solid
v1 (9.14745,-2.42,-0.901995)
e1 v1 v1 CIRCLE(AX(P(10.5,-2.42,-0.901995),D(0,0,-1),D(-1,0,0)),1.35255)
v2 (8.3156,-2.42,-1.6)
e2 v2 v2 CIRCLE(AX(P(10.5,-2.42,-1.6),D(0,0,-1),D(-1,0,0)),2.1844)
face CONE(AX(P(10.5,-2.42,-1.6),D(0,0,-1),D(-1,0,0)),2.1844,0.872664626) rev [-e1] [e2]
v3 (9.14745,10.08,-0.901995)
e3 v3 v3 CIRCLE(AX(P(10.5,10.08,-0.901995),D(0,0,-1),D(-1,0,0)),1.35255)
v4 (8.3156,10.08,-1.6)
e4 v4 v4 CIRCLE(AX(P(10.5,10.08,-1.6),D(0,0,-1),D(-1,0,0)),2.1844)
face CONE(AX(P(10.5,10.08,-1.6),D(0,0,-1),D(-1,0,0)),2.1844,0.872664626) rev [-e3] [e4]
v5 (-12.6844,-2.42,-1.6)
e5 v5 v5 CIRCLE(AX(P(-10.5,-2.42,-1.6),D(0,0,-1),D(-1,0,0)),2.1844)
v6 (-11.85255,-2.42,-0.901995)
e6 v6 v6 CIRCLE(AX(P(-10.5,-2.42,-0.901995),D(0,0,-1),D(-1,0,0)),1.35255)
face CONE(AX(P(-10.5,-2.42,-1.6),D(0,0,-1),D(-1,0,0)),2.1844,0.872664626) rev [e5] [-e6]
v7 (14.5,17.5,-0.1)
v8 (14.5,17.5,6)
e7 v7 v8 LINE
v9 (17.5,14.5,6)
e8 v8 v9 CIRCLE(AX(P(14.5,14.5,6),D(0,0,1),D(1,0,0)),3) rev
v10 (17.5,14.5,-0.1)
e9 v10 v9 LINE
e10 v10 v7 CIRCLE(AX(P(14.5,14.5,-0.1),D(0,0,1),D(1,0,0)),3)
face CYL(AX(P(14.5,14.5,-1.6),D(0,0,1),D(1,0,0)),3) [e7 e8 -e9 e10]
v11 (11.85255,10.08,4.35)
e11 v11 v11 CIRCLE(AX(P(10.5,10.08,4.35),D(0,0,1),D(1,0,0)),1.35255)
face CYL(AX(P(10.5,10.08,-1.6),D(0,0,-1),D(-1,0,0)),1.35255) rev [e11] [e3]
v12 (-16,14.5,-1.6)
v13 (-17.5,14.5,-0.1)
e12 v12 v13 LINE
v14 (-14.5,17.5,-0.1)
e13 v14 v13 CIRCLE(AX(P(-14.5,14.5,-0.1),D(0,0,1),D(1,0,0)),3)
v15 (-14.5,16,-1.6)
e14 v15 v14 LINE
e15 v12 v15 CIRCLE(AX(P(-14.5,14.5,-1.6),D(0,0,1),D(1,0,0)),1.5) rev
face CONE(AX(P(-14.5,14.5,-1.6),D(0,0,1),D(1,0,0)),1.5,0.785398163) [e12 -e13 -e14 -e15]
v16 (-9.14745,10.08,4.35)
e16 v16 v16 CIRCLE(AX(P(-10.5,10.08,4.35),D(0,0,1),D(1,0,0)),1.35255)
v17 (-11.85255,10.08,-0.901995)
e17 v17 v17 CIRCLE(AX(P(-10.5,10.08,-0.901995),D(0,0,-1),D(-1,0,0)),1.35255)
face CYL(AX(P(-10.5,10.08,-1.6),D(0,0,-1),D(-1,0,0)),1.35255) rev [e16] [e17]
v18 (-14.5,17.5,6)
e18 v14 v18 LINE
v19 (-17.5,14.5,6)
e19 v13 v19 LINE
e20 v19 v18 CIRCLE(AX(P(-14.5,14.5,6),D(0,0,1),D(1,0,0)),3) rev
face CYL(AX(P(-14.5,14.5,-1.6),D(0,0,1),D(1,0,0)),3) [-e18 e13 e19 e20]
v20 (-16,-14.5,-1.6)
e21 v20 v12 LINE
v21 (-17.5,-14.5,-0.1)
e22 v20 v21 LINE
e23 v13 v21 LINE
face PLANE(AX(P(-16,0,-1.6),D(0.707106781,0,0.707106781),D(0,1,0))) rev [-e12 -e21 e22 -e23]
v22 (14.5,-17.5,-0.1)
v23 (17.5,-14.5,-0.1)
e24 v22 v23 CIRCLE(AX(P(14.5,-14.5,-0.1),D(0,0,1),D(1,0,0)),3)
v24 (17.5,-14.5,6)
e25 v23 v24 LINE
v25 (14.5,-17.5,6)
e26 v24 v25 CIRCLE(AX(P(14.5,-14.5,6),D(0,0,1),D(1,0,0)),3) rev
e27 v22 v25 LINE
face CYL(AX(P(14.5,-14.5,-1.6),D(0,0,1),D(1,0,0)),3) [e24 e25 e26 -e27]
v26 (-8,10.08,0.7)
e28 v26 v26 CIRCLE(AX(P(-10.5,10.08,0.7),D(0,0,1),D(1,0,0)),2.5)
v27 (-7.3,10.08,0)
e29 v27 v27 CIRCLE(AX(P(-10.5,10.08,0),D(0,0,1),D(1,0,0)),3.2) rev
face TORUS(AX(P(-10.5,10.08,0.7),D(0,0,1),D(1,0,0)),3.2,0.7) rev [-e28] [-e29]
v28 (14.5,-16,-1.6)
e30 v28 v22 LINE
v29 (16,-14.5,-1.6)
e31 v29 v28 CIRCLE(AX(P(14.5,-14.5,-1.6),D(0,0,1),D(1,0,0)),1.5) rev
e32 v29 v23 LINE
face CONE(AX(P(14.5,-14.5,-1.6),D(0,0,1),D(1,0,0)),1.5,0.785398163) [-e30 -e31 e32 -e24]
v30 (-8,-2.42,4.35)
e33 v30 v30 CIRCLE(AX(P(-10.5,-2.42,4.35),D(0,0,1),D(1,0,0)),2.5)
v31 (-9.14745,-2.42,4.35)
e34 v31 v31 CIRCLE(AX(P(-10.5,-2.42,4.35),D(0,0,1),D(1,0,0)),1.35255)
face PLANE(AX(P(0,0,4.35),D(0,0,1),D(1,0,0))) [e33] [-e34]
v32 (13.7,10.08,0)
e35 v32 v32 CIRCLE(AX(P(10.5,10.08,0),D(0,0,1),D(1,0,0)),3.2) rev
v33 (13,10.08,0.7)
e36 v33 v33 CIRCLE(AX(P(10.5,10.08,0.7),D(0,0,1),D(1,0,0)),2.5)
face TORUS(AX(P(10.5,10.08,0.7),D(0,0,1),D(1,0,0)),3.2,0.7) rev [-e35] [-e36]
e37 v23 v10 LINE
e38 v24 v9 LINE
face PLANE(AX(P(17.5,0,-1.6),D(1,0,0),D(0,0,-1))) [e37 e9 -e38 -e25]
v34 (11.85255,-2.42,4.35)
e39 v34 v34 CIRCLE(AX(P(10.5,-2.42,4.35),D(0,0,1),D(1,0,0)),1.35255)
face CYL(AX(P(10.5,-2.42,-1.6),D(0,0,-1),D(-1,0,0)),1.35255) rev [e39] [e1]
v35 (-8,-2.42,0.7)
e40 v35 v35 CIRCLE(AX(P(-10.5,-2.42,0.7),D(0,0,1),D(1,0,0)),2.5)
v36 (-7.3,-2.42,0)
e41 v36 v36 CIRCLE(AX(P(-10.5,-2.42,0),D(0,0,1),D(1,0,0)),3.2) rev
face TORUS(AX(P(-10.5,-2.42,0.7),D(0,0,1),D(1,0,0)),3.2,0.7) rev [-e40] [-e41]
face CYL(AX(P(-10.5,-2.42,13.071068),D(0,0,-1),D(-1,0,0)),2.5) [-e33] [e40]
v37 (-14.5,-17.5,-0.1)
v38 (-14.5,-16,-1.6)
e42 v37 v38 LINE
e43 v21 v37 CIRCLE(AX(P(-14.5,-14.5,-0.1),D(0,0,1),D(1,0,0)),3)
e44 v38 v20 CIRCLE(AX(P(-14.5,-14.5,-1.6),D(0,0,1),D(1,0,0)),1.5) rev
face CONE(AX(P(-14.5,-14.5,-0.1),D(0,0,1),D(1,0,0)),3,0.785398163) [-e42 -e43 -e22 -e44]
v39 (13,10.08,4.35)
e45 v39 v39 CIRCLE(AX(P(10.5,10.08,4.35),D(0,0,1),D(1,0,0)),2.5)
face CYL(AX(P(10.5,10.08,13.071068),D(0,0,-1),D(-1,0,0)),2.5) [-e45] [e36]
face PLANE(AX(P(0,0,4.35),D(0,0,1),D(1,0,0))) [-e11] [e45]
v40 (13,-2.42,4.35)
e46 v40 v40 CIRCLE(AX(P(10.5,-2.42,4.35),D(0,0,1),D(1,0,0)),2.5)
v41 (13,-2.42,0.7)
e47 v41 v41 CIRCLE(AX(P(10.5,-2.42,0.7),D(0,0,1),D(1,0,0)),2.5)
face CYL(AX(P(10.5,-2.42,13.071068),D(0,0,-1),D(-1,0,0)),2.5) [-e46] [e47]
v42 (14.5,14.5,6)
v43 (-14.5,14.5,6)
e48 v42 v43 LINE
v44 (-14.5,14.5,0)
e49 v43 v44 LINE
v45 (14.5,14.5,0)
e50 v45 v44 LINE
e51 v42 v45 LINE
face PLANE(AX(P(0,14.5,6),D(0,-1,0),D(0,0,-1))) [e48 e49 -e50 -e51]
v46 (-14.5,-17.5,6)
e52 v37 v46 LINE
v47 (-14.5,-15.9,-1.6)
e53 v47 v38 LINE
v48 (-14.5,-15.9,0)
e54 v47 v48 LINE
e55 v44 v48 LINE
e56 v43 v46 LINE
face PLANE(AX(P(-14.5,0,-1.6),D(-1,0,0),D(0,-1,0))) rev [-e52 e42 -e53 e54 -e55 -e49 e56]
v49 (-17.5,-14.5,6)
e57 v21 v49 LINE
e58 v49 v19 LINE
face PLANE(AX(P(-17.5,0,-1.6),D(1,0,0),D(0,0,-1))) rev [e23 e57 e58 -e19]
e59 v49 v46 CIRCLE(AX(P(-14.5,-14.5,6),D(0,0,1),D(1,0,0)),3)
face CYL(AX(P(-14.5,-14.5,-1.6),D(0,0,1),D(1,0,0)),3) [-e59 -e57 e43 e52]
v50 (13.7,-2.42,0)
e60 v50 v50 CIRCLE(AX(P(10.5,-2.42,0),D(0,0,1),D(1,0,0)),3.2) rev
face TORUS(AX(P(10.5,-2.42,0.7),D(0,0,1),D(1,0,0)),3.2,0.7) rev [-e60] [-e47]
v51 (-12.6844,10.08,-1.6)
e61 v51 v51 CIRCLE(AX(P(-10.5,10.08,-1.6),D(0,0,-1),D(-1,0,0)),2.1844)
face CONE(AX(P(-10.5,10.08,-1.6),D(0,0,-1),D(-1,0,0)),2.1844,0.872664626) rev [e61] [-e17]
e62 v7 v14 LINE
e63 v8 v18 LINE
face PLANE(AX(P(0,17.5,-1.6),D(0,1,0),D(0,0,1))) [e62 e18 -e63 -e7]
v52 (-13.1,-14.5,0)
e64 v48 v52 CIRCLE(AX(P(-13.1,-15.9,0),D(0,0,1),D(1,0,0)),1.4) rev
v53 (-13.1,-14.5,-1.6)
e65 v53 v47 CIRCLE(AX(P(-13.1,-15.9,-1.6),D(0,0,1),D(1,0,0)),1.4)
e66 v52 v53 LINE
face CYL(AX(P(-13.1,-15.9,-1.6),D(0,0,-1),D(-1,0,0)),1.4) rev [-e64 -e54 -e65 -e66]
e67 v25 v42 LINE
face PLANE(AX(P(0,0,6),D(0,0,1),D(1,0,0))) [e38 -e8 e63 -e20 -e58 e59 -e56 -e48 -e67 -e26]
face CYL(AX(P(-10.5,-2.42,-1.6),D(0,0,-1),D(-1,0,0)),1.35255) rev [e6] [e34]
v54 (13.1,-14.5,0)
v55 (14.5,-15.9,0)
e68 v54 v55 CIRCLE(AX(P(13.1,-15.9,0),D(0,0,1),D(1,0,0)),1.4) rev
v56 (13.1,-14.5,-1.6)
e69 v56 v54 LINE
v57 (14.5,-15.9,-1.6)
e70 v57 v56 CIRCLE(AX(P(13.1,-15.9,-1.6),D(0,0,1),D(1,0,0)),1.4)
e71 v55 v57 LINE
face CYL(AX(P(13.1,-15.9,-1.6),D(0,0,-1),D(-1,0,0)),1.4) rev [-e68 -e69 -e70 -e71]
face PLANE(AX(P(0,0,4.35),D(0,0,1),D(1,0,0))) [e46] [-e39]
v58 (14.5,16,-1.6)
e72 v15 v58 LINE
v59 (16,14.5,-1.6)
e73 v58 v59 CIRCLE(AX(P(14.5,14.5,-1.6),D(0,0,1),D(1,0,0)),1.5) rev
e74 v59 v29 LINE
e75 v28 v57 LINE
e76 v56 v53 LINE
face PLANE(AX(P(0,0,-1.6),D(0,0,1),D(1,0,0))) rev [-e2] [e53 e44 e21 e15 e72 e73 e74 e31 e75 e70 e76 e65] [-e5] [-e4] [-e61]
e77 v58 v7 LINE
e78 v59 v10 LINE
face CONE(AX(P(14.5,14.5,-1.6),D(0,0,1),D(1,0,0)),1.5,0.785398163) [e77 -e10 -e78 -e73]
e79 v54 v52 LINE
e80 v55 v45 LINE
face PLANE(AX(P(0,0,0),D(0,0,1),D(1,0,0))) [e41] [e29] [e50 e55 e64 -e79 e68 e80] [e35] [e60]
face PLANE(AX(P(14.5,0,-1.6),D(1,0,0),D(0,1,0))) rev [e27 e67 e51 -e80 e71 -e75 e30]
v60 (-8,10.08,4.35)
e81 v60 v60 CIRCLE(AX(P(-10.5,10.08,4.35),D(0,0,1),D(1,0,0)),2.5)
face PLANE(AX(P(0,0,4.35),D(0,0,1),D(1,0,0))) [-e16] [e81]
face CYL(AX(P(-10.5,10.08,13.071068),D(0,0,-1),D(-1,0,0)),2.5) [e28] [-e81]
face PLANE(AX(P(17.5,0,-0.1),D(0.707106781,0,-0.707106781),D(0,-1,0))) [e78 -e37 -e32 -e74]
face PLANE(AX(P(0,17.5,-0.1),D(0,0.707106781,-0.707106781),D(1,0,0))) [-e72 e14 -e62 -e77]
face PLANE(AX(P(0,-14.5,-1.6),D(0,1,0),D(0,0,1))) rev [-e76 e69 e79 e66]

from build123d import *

# Parameters (mm, degrees)
BOSS_EXTRUDE1_DEPTH                               = 1.6
BOSS_EXTRUDE2_START                               = 6
BOSS_EXTRUDE2_DEPTH                               = 6
CSK_FOR_2_FLAT_HEAD_MACHINE_SCREW_100_D           = 2.7051
CSK_FOR_2_FLAT_HEAD_MACHINE_SCREW_100_CSINK_D     = 4.3688
CSK_FOR_2_FLAT_HEAD_MACHINE_SCREW_100_CSINK_ANGLE = 100
BOSS_EXTRUDE3_START                               = 4.35
SKETCH7_R                                         = 2.5
SKETCH7_R_2                                       = 1.35255
BOSS_EXTRUDE3_DEPTH                               = 4.35
FILLET1_R                                         = 0.7
FILLET3_R                                         = 1.4
CHAMFER1_SIZE                                     = 1.5


with BuildPart() as part:
    # Sketch1 → Boss-Extrude1 (new body)
    with BuildSketch(Plane.XY):
        with BuildLine():
            Line((-17.5, 14.5), (-17.5, -14.5))
            ThreePointArc((-17.5, -14.5), (-16.621320344, -16.621320344), (-14.5, -17.5))
            Line((-14.5, -17.5), (-14.5, -14.5))
            Line((-14.5, -14.5), (14.5, -14.5))
            Line((14.5, -14.5), (14.5, -17.5))
            ThreePointArc((14.5, -17.5), (16.621320344, -16.621320344), (17.5, -14.5))
            Line((17.5, -14.5), (17.5, 14.5))
            ThreePointArc((17.5, 14.5), (16.621320344, 16.621320344), (14.5, 17.5))
            Line((14.5, 17.5), (-14.5, 17.5))
            ThreePointArc((-14.5, 17.5), (-16.621320344, 16.621320344), (-17.5, 14.5))
        make_face()
    extrude(amount=-BOSS_EXTRUDE1_DEPTH)

    # Sketch1<3> → Boss-Extrude2 (add)
    with BuildSketch(Plane.XY.offset(BOSS_EXTRUDE2_START)):
        with BuildLine():
            ThreePointArc((-17.5, 14.5), (-16.621320344, 16.621320344), (-14.5, 17.5))
            Line((-14.5, 17.5), (14.5, 17.5))
            ThreePointArc((14.5, 17.5), (16.621320344, 16.621320344), (17.5, 14.5))
            Line((17.5, 14.5), (17.5, -14.5))
            ThreePointArc((17.5, -14.5), (16.621320344, -16.621320344), (14.5, -17.5))
            Line((14.5, -17.5), (14.5, -14.5))
            Line((14.5, -14.5), (14.5, 14.5))
            Line((14.5, 14.5), (-14.5, 14.5))
            Line((-14.5, 14.5), (-14.5, -14.5))
            Line((-14.5, -14.5), (-14.5, -17.5))
            ThreePointArc((-14.5, -17.5), (-16.621320344, -16.621320344), (-17.5, -14.5))
            Line((-17.5, -14.5), (-17.5, 14.5))
        make_face()
    extrude(amount=-BOSS_EXTRUDE2_DEPTH)

    # CSK for #2 Flat Head Machine Screw (100)1 (through all)
    with Locations(Plane(origin=(0, 0, -1.6), x_dir=(-1, 0, 0), z_dir=(0, 0, -1))):
        with Locations((10.5, 10.08), (10.5, -2.42), (-10.5, 10.08), (-10.5, -2.42)):
            CounterSinkHole(CSK_FOR_2_FLAT_HEAD_MACHINE_SCREW_100_D / 2, CSK_FOR_2_FLAT_HEAD_MACHINE_SCREW_100_CSINK_D / 2, counter_sink_angle=CSK_FOR_2_FLAT_HEAD_MACHINE_SCREW_100_CSINK_ANGLE)

    # Sketch7 → Boss-Extrude3 (add)
    # profile 1 of 4: a face of its own
    with BuildSketch(Plane.XY.offset(BOSS_EXTRUDE3_START)):
        with Locations((-10.5, 10.08)):
            Circle(SKETCH7_R)
        with Locations(Location((-10.5, 10.08, 0), (0, 0, 180))):
            Circle(SKETCH7_R_2, mode=Mode.SUBTRACT)
    # profile 2 of 4: a face of its own
    with BuildSketch(Plane.XY.offset(BOSS_EXTRUDE3_START)):
        with Locations((10.5, 10.08)):
            Circle(SKETCH7_R)
        with Locations(Location((10.5, 10.08, 0), (0, 0, 180))):
            Circle(SKETCH7_R_2, mode=Mode.SUBTRACT)
    # profile 3 of 4: a face of its own
    with BuildSketch(Plane.XY.offset(BOSS_EXTRUDE3_START)):
        with Locations((10.5, -2.42)):
            Circle(SKETCH7_R)
        with Locations(Location((10.5, -2.42, 0), (0, 0, 180))):
            Circle(SKETCH7_R_2, mode=Mode.SUBTRACT)
    # profile 4 of 4: a face of its own
    with BuildSketch(Plane.XY.offset(BOSS_EXTRUDE3_START)):
        with Locations((-10.5, -2.42)):
            Circle(SKETCH7_R)
        with Locations(Location((-10.5, -2.42, 0), (0, 0, 180))):
            Circle(SKETCH7_R_2, mode=Mode.SUBTRACT)
    extrude(amount=-BOSS_EXTRUDE3_DEPTH)

    # Fillet1
    fillet1_edges = [part.edges().sort_by_distance(p)[0] for p in [
        (8, -2.42, 0),
        (-13, -2.42, 0),
        (-13, 10.08, 0),
        (8, 10.08, 0),
    ]]
    fillet(fillet1_edges, radius=FILLET1_R)

    # Fillet3
    fillet3_edges = [part.edges().sort_by_distance(p)[0] for p in [
        (14.5, -14.5, -0.8),
        (-14.5, -14.5, -0.8),
    ]]
    fillet(fillet3_edges, radius=FILLET3_R)

    # Chamfer1
    chamfer1_edges = [part.edges().sort_by_distance(p)[0] for p in [
        (16.621320344, -16.621320344, -1.6),
        (17.5, 0, -1.6),
        (16.621320344, 16.621320344, -1.6),
        (0, 17.5, -1.6),
        (-16.621320344, 16.621320344, -1.6),
        (-17.5, 0, -1.6),
        (-16.621320344, -16.621320344, -1.6),
    ]]
    chamfer(chamfer1_edges, length=CHAMFER1_SIZE)


solid = part.part
